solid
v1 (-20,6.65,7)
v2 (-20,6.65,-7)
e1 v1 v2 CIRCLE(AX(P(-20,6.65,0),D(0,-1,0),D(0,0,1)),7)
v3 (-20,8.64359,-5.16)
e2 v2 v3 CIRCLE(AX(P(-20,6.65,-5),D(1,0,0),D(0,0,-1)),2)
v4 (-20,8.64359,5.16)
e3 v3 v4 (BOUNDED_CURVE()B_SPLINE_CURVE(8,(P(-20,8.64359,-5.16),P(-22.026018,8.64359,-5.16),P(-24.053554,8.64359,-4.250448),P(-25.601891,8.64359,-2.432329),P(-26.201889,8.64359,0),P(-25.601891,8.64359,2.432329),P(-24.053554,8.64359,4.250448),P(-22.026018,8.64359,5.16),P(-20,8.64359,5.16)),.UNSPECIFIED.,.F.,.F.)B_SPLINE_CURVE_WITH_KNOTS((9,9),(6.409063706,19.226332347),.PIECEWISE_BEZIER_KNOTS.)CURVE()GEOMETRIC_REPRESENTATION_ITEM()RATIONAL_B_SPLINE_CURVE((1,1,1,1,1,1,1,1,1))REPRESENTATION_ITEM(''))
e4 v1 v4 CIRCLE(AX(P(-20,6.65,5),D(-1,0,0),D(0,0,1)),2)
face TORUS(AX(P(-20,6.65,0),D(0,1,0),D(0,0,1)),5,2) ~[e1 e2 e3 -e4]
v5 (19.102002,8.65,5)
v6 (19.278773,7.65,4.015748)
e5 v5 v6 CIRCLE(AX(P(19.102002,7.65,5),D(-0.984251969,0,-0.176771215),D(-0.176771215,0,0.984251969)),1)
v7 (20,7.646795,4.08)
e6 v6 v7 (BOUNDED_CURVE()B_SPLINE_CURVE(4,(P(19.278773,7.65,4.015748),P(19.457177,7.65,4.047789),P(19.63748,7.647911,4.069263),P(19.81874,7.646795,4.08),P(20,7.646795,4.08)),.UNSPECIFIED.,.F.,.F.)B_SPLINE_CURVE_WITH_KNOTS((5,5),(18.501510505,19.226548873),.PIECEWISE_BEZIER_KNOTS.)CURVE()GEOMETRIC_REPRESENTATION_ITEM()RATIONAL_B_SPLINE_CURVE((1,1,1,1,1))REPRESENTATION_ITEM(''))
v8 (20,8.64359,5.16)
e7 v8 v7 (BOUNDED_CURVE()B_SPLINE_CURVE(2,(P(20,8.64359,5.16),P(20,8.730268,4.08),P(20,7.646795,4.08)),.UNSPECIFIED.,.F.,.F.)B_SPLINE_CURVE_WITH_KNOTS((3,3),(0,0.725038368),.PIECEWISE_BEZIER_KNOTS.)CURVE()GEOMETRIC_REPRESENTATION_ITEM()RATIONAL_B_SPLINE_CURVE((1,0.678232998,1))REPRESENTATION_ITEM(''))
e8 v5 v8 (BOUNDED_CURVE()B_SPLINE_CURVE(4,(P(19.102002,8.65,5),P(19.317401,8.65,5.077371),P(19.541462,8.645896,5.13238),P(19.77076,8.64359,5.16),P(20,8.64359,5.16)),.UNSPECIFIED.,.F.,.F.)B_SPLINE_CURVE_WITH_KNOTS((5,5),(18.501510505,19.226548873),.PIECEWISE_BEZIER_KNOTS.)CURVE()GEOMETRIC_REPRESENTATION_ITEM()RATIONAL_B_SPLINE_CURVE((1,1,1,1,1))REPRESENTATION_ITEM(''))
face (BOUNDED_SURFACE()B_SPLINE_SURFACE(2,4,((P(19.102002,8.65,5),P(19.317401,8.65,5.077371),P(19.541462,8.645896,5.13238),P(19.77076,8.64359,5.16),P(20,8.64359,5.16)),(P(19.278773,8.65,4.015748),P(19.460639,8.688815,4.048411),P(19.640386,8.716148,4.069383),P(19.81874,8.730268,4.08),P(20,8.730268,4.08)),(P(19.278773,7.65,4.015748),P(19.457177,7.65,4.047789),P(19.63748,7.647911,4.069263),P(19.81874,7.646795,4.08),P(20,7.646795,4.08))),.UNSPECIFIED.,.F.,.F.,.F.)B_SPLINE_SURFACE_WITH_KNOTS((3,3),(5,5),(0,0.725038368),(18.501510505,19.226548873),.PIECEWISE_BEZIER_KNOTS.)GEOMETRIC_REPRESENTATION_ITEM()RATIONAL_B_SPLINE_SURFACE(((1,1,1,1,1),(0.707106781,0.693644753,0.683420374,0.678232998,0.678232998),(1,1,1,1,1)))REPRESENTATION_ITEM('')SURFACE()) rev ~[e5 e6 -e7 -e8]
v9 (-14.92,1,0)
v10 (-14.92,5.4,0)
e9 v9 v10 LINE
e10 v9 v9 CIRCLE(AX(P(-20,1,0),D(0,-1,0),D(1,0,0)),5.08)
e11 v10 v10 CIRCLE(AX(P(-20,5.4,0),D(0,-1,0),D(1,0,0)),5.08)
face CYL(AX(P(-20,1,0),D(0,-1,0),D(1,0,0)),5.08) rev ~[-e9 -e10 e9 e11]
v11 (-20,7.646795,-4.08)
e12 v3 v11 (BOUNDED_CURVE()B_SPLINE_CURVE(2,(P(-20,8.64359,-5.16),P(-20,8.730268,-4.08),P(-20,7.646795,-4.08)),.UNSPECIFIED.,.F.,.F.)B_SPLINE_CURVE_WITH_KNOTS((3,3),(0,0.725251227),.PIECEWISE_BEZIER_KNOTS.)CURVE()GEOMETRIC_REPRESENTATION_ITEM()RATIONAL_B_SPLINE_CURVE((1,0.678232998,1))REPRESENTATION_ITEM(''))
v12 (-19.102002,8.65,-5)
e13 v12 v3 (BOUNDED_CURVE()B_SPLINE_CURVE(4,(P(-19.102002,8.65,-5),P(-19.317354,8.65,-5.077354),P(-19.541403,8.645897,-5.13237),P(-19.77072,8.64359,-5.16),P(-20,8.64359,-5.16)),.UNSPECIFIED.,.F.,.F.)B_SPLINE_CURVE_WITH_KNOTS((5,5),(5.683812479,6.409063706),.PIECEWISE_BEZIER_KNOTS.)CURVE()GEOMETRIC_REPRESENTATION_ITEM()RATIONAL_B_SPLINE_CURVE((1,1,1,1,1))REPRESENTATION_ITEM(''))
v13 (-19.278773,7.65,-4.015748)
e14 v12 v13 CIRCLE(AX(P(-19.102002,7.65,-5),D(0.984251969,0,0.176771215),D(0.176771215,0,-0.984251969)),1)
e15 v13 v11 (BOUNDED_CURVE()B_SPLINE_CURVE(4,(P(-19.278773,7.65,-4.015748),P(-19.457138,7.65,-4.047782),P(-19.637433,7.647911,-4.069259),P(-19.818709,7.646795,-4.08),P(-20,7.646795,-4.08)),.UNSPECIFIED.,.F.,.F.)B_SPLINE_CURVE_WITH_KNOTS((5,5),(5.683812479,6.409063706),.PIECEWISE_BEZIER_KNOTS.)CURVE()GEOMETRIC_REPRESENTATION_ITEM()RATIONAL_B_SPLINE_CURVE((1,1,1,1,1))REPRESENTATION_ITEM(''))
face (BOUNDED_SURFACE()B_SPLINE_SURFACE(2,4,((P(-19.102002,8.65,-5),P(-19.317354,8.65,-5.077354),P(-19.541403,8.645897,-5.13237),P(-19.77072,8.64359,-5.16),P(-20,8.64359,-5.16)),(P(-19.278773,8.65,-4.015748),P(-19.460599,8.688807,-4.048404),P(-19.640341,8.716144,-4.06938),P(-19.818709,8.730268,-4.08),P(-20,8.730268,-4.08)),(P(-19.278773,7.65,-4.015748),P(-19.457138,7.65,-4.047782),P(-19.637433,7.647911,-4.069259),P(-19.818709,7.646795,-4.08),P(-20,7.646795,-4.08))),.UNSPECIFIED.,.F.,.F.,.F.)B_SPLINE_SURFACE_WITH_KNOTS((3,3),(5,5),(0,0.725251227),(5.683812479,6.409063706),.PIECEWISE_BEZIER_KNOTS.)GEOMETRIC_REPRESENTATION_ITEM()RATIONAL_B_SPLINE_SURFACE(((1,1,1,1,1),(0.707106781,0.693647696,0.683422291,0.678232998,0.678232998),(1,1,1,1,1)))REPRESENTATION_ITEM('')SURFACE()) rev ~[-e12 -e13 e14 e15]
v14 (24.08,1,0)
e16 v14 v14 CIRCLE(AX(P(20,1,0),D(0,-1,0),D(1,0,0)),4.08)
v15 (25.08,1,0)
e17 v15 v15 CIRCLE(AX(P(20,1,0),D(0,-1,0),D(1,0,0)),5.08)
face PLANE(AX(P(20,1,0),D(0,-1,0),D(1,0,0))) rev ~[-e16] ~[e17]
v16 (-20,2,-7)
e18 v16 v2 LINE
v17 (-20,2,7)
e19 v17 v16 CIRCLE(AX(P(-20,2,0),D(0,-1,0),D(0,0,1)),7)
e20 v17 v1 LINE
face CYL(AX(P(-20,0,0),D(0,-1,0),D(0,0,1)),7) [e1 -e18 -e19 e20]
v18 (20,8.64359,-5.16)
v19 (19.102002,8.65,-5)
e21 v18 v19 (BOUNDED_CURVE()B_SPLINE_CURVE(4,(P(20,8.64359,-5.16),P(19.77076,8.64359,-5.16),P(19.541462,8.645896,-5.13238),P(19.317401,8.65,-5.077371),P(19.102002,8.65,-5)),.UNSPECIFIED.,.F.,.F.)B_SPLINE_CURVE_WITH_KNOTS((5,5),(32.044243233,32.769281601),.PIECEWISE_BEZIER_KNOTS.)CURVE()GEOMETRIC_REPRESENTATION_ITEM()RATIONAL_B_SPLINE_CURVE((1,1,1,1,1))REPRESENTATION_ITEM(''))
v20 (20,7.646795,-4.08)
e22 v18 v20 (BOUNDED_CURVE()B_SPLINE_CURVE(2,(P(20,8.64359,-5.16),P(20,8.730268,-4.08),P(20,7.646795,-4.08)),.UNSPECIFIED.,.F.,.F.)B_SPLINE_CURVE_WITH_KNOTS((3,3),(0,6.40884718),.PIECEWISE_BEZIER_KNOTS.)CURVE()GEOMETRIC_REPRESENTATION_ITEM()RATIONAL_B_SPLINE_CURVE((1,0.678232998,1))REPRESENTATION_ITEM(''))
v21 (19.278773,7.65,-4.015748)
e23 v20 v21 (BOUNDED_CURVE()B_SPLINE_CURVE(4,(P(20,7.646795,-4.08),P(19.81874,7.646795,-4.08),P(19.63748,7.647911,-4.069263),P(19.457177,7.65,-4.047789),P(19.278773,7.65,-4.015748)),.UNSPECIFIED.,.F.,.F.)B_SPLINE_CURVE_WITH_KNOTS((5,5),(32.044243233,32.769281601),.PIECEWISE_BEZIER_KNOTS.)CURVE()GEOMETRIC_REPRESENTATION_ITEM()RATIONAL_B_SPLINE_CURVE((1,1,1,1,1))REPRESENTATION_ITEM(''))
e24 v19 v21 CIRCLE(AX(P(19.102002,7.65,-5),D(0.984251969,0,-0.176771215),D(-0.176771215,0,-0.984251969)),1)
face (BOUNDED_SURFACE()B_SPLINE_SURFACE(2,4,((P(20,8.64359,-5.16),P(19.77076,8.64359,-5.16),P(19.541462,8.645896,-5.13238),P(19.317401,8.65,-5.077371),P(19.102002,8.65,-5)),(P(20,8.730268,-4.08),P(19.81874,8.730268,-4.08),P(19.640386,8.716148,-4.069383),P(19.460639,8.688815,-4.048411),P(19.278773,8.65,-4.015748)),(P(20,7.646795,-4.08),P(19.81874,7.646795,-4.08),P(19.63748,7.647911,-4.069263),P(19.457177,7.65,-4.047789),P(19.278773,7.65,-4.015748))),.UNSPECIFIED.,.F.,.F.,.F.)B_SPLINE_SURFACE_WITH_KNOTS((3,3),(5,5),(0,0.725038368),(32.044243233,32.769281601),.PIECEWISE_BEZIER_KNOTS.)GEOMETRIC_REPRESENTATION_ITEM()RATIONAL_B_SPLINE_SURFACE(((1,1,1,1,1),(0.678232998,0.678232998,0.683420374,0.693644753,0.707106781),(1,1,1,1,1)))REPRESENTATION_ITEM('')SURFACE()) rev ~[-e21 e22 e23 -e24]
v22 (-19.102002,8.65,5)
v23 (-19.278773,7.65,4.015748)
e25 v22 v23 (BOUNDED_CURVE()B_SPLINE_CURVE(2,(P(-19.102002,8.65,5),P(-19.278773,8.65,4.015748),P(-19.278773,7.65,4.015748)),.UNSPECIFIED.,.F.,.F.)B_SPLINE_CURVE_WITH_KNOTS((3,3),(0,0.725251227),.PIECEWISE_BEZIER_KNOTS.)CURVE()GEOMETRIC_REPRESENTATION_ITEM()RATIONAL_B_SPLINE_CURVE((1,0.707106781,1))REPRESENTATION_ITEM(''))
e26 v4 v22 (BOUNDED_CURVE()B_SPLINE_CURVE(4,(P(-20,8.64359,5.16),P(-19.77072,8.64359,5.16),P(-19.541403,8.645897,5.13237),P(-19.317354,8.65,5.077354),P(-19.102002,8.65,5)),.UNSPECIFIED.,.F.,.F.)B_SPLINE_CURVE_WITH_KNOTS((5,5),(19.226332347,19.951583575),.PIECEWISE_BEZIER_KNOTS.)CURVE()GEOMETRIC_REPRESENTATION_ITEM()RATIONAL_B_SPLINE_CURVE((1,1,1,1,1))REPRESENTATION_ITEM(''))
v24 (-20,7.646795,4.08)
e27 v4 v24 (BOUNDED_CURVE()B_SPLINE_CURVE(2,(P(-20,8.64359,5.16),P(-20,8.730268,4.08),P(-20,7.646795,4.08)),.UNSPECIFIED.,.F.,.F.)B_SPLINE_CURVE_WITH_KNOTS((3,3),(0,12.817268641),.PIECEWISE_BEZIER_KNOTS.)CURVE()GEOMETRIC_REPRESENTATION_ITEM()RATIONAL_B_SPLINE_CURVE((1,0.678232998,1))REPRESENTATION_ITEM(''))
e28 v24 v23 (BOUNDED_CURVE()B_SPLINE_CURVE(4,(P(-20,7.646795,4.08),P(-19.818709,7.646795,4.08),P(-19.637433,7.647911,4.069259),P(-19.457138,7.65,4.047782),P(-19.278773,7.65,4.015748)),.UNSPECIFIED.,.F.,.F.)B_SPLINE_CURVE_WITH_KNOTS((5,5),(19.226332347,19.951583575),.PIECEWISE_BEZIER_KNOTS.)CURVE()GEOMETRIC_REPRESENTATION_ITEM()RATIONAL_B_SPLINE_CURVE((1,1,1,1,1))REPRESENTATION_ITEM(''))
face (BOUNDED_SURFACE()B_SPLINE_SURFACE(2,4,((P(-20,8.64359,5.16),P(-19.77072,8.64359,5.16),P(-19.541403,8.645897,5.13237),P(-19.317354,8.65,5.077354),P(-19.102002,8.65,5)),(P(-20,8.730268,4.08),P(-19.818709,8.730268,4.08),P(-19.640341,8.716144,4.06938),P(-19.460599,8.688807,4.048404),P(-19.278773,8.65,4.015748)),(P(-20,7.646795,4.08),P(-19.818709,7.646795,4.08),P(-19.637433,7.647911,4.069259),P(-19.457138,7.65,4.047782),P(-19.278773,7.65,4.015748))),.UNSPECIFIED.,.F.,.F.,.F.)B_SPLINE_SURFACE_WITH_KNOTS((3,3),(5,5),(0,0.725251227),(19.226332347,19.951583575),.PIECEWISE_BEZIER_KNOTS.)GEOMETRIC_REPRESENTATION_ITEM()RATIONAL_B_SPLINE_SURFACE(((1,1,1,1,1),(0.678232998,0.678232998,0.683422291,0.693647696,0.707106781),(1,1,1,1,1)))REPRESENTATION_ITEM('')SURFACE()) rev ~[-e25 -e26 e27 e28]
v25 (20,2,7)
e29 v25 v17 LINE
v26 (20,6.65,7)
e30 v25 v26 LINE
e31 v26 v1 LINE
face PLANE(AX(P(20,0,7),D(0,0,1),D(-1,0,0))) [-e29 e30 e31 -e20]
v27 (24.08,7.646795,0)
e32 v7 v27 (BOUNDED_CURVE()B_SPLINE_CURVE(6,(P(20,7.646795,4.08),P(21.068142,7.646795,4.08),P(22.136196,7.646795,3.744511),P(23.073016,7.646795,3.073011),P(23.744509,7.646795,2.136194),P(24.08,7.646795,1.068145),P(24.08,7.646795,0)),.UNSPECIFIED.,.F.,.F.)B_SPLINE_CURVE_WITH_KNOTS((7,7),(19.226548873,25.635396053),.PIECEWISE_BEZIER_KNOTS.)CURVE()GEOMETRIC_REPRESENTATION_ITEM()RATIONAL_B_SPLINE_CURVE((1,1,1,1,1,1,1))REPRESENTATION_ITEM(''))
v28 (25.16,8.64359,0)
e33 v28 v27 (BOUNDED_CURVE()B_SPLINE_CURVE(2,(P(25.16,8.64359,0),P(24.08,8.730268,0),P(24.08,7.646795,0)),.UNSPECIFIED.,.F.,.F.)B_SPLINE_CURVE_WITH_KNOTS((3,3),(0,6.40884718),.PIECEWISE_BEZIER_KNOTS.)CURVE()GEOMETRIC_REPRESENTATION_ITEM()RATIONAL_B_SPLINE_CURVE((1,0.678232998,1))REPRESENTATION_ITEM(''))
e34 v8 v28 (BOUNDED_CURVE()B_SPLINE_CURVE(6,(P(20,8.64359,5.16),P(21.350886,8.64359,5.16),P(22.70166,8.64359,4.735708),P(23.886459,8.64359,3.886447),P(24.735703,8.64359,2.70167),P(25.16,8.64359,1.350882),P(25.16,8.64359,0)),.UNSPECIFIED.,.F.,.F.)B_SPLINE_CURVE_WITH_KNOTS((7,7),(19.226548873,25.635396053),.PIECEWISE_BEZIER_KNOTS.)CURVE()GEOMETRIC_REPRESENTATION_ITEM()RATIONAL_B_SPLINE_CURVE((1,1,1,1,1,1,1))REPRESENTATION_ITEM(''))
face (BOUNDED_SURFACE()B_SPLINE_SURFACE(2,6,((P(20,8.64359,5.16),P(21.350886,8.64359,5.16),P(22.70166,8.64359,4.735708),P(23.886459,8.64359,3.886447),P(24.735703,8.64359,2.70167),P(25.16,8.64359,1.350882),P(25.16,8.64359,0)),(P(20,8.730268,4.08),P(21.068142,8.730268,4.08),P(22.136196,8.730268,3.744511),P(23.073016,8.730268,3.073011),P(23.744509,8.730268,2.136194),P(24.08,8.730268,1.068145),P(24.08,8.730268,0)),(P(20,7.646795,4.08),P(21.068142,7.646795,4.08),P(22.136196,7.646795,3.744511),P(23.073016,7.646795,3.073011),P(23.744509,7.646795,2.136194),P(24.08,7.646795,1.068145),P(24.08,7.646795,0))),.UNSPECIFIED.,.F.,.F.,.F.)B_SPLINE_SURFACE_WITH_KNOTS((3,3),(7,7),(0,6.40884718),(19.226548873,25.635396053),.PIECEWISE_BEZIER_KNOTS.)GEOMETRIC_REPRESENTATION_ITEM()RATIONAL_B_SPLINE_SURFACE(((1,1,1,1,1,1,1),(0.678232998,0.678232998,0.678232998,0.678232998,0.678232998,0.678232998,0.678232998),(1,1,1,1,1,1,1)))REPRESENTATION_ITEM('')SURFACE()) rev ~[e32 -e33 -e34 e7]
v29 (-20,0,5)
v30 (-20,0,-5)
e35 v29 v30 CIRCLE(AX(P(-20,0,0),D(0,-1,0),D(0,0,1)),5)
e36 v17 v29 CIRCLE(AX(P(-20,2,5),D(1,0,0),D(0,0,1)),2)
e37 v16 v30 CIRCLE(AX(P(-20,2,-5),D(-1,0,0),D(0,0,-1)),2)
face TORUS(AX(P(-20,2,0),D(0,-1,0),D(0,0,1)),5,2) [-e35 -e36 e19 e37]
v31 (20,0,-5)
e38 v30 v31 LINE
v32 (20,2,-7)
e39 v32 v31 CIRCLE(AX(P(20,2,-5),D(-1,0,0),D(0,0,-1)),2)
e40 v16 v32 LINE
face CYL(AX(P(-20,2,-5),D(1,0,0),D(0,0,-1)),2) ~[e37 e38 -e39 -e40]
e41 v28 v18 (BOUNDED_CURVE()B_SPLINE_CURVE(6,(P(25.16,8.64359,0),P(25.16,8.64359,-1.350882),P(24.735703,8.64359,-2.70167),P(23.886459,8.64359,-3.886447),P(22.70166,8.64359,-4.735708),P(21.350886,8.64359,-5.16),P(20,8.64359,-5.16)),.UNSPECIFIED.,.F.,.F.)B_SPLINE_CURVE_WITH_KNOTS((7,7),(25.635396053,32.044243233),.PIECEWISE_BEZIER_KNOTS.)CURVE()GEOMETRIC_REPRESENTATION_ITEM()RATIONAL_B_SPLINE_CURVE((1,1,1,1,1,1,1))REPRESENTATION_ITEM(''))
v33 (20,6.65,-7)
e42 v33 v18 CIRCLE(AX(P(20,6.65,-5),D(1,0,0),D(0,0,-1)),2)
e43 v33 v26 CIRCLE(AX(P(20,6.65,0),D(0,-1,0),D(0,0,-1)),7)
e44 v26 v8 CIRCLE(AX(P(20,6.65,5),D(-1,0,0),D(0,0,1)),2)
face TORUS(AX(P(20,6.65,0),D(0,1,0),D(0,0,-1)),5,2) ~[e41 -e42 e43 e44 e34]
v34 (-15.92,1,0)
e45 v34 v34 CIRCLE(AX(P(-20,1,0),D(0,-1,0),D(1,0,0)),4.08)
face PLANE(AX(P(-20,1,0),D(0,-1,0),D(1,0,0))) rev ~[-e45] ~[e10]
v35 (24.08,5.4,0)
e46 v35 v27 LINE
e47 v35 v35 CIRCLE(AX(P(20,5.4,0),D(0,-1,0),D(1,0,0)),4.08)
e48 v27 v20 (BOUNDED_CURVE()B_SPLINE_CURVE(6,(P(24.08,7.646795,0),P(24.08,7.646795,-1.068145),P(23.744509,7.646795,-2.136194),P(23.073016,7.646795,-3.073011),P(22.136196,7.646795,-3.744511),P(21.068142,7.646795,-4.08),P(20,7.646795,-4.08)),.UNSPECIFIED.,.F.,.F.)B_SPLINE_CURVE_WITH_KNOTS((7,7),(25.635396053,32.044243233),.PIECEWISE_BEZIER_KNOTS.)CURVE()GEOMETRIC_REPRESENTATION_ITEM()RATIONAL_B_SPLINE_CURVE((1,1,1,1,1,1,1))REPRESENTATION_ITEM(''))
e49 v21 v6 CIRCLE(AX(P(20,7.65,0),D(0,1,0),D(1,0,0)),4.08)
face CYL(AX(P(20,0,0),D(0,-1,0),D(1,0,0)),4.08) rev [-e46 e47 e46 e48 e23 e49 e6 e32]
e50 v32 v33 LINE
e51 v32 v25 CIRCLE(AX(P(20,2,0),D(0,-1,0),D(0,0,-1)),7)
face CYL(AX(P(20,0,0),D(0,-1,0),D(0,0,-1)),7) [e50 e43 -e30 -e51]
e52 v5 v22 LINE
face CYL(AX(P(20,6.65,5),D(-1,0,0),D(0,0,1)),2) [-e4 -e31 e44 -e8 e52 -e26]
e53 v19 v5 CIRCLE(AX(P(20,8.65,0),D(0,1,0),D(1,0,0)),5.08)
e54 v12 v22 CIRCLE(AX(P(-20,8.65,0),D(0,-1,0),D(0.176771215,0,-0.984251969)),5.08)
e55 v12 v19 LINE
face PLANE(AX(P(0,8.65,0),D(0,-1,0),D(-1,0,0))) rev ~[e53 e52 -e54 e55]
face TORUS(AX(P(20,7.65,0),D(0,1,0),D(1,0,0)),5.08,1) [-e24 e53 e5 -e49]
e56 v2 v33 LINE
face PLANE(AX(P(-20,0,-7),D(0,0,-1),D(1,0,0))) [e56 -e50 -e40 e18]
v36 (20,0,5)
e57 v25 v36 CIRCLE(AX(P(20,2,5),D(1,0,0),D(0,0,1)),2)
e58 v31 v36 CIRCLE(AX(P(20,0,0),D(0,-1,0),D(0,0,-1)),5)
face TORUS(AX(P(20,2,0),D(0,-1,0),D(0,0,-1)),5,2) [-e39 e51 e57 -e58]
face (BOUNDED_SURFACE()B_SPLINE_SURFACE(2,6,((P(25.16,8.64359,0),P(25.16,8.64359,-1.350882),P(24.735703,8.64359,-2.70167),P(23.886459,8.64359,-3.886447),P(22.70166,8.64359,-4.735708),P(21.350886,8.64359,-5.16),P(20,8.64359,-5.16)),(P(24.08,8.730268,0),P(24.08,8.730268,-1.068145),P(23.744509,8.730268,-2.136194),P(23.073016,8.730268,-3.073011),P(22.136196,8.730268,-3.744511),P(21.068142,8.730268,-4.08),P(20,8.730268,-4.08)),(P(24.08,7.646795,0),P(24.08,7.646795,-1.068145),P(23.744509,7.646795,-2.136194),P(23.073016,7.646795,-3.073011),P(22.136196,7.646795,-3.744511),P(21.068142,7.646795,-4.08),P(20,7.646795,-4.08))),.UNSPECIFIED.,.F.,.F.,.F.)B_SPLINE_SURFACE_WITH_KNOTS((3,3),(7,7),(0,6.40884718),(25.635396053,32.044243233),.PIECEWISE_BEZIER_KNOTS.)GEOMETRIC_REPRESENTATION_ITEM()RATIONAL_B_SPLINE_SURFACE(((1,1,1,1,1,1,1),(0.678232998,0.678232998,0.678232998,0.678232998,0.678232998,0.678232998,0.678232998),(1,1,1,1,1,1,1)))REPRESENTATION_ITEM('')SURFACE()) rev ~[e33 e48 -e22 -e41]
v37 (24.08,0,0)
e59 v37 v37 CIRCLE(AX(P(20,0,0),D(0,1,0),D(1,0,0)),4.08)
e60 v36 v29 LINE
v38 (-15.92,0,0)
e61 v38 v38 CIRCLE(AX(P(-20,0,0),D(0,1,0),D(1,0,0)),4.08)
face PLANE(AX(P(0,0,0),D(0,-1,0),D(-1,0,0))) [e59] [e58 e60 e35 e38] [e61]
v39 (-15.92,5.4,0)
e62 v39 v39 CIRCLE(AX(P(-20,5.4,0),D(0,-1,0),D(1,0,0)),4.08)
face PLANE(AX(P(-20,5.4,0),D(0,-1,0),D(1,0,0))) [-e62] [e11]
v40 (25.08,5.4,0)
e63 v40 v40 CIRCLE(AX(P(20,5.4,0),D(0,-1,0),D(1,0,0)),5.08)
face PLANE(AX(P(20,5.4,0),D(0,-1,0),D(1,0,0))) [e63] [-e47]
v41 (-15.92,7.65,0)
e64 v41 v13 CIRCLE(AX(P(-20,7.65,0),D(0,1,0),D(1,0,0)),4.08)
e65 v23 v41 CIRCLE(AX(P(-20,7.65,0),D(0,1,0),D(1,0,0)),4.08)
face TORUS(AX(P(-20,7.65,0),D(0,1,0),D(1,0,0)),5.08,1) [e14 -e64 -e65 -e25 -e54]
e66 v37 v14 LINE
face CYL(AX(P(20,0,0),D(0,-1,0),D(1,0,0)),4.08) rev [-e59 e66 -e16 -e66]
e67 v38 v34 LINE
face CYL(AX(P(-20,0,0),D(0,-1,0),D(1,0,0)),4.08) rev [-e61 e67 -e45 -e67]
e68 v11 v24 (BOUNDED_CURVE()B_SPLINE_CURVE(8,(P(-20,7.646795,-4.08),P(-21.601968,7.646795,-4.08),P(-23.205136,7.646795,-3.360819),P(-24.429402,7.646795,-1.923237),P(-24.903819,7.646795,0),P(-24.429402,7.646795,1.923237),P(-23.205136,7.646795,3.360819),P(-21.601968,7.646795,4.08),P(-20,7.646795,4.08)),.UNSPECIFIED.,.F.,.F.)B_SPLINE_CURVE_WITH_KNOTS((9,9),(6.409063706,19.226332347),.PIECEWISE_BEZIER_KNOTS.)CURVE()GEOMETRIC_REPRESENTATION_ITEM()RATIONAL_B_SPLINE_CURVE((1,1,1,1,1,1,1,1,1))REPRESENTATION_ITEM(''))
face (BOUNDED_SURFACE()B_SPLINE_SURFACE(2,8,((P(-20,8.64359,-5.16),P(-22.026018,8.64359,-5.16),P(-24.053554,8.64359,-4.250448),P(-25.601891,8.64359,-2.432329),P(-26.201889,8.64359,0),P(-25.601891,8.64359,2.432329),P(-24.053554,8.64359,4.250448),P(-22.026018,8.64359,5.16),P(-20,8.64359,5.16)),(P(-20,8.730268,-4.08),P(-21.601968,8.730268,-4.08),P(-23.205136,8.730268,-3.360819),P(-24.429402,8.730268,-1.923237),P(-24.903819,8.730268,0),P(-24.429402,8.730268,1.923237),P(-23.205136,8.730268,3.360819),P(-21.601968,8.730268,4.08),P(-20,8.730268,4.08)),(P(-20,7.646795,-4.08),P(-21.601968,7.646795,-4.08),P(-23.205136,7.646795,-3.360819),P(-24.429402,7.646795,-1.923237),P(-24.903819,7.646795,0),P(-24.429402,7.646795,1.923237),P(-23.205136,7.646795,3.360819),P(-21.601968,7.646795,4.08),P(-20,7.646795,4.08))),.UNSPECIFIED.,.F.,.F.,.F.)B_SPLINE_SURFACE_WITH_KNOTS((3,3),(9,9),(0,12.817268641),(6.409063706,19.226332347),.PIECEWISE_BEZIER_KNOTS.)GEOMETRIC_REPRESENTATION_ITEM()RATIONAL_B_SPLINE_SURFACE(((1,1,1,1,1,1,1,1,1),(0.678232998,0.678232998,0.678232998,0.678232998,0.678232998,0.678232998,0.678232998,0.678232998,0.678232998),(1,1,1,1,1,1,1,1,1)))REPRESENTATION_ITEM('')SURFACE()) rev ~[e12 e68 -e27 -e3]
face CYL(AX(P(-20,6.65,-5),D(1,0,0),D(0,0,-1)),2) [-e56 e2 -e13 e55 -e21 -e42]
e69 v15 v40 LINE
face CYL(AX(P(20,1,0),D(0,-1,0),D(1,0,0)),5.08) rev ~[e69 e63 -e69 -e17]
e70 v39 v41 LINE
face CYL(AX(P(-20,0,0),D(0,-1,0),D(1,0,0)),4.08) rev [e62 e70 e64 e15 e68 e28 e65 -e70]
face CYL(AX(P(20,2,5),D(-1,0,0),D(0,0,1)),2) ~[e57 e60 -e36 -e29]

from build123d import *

# Parameters (mm, degrees)
SKETCH1_R           = 4.08
BOSS_EXTRUDE1_DEPTH = 8.65
CUT_EXTRUDE1_START  = -1
SKETCH2_R           = 5.08
CUT_EXTRUDE1_DEPTH  = 4.4
FILLET1_R           = 2
FILLET2_R           = 1


with BuildPart() as part:
    # Sketch1 → Boss-Extrude1 (new body)
    with BuildSketch(Plane(origin=(0, 0, 0), x_dir=(1, 0, 0), z_dir=(0, 1, 0))):
        with BuildLine():
            Line((-20, 7), (20, 7))
            ThreePointArc((20, 7), (27, 0), (20, -7))
            Line((20, -7), (-20, -7))
            ThreePointArc((-20, -7), (-27, 0), (-20, 7))
        make_face()
        with Locations((-20, 0)):
            Circle(SKETCH1_R, mode=Mode.SUBTRACT)
        with Locations((20, 0)):
            Circle(SKETCH1_R, mode=Mode.SUBTRACT)
    extrude(amount=BOSS_EXTRUDE1_DEPTH)

    # Sketch2 → Cut-Extrude1 (cut)
    with BuildSketch(Plane.XZ.offset(CUT_EXTRUDE1_START)):
        with Locations((-20, 0)):
            Circle(SKETCH2_R)
        with Locations((20, 0)):
            Circle(SKETCH2_R)
    extrude(amount=-CUT_EXTRUDE1_DEPTH, mode=Mode.SUBTRACT)

    # Fillet1
    fillet1_edges = [part.edges().sort_by_distance(p)[0] for p in [
        (27, 8.65, 0),
        (0, 8.65, -7),
        (-27, 8.65, 0),
        (0, 0, -7),
        (27, 0, 0),
        (0, 0, 7),
        (-27, 0, 0),
        (0, 8.65, 7),
    ]]
    fillet(fillet1_edges, radius=FILLET1_R)

    # Fillet2
    fillet2_edges = [part.edges().sort_by_distance(p)[0] for p in [
        (-24.08, 8.65, 0),
        (15.92, 8.65, 0),
    ]]
    fillet(fillet2_edges, radius=FILLET2_R)


solid = part.part
